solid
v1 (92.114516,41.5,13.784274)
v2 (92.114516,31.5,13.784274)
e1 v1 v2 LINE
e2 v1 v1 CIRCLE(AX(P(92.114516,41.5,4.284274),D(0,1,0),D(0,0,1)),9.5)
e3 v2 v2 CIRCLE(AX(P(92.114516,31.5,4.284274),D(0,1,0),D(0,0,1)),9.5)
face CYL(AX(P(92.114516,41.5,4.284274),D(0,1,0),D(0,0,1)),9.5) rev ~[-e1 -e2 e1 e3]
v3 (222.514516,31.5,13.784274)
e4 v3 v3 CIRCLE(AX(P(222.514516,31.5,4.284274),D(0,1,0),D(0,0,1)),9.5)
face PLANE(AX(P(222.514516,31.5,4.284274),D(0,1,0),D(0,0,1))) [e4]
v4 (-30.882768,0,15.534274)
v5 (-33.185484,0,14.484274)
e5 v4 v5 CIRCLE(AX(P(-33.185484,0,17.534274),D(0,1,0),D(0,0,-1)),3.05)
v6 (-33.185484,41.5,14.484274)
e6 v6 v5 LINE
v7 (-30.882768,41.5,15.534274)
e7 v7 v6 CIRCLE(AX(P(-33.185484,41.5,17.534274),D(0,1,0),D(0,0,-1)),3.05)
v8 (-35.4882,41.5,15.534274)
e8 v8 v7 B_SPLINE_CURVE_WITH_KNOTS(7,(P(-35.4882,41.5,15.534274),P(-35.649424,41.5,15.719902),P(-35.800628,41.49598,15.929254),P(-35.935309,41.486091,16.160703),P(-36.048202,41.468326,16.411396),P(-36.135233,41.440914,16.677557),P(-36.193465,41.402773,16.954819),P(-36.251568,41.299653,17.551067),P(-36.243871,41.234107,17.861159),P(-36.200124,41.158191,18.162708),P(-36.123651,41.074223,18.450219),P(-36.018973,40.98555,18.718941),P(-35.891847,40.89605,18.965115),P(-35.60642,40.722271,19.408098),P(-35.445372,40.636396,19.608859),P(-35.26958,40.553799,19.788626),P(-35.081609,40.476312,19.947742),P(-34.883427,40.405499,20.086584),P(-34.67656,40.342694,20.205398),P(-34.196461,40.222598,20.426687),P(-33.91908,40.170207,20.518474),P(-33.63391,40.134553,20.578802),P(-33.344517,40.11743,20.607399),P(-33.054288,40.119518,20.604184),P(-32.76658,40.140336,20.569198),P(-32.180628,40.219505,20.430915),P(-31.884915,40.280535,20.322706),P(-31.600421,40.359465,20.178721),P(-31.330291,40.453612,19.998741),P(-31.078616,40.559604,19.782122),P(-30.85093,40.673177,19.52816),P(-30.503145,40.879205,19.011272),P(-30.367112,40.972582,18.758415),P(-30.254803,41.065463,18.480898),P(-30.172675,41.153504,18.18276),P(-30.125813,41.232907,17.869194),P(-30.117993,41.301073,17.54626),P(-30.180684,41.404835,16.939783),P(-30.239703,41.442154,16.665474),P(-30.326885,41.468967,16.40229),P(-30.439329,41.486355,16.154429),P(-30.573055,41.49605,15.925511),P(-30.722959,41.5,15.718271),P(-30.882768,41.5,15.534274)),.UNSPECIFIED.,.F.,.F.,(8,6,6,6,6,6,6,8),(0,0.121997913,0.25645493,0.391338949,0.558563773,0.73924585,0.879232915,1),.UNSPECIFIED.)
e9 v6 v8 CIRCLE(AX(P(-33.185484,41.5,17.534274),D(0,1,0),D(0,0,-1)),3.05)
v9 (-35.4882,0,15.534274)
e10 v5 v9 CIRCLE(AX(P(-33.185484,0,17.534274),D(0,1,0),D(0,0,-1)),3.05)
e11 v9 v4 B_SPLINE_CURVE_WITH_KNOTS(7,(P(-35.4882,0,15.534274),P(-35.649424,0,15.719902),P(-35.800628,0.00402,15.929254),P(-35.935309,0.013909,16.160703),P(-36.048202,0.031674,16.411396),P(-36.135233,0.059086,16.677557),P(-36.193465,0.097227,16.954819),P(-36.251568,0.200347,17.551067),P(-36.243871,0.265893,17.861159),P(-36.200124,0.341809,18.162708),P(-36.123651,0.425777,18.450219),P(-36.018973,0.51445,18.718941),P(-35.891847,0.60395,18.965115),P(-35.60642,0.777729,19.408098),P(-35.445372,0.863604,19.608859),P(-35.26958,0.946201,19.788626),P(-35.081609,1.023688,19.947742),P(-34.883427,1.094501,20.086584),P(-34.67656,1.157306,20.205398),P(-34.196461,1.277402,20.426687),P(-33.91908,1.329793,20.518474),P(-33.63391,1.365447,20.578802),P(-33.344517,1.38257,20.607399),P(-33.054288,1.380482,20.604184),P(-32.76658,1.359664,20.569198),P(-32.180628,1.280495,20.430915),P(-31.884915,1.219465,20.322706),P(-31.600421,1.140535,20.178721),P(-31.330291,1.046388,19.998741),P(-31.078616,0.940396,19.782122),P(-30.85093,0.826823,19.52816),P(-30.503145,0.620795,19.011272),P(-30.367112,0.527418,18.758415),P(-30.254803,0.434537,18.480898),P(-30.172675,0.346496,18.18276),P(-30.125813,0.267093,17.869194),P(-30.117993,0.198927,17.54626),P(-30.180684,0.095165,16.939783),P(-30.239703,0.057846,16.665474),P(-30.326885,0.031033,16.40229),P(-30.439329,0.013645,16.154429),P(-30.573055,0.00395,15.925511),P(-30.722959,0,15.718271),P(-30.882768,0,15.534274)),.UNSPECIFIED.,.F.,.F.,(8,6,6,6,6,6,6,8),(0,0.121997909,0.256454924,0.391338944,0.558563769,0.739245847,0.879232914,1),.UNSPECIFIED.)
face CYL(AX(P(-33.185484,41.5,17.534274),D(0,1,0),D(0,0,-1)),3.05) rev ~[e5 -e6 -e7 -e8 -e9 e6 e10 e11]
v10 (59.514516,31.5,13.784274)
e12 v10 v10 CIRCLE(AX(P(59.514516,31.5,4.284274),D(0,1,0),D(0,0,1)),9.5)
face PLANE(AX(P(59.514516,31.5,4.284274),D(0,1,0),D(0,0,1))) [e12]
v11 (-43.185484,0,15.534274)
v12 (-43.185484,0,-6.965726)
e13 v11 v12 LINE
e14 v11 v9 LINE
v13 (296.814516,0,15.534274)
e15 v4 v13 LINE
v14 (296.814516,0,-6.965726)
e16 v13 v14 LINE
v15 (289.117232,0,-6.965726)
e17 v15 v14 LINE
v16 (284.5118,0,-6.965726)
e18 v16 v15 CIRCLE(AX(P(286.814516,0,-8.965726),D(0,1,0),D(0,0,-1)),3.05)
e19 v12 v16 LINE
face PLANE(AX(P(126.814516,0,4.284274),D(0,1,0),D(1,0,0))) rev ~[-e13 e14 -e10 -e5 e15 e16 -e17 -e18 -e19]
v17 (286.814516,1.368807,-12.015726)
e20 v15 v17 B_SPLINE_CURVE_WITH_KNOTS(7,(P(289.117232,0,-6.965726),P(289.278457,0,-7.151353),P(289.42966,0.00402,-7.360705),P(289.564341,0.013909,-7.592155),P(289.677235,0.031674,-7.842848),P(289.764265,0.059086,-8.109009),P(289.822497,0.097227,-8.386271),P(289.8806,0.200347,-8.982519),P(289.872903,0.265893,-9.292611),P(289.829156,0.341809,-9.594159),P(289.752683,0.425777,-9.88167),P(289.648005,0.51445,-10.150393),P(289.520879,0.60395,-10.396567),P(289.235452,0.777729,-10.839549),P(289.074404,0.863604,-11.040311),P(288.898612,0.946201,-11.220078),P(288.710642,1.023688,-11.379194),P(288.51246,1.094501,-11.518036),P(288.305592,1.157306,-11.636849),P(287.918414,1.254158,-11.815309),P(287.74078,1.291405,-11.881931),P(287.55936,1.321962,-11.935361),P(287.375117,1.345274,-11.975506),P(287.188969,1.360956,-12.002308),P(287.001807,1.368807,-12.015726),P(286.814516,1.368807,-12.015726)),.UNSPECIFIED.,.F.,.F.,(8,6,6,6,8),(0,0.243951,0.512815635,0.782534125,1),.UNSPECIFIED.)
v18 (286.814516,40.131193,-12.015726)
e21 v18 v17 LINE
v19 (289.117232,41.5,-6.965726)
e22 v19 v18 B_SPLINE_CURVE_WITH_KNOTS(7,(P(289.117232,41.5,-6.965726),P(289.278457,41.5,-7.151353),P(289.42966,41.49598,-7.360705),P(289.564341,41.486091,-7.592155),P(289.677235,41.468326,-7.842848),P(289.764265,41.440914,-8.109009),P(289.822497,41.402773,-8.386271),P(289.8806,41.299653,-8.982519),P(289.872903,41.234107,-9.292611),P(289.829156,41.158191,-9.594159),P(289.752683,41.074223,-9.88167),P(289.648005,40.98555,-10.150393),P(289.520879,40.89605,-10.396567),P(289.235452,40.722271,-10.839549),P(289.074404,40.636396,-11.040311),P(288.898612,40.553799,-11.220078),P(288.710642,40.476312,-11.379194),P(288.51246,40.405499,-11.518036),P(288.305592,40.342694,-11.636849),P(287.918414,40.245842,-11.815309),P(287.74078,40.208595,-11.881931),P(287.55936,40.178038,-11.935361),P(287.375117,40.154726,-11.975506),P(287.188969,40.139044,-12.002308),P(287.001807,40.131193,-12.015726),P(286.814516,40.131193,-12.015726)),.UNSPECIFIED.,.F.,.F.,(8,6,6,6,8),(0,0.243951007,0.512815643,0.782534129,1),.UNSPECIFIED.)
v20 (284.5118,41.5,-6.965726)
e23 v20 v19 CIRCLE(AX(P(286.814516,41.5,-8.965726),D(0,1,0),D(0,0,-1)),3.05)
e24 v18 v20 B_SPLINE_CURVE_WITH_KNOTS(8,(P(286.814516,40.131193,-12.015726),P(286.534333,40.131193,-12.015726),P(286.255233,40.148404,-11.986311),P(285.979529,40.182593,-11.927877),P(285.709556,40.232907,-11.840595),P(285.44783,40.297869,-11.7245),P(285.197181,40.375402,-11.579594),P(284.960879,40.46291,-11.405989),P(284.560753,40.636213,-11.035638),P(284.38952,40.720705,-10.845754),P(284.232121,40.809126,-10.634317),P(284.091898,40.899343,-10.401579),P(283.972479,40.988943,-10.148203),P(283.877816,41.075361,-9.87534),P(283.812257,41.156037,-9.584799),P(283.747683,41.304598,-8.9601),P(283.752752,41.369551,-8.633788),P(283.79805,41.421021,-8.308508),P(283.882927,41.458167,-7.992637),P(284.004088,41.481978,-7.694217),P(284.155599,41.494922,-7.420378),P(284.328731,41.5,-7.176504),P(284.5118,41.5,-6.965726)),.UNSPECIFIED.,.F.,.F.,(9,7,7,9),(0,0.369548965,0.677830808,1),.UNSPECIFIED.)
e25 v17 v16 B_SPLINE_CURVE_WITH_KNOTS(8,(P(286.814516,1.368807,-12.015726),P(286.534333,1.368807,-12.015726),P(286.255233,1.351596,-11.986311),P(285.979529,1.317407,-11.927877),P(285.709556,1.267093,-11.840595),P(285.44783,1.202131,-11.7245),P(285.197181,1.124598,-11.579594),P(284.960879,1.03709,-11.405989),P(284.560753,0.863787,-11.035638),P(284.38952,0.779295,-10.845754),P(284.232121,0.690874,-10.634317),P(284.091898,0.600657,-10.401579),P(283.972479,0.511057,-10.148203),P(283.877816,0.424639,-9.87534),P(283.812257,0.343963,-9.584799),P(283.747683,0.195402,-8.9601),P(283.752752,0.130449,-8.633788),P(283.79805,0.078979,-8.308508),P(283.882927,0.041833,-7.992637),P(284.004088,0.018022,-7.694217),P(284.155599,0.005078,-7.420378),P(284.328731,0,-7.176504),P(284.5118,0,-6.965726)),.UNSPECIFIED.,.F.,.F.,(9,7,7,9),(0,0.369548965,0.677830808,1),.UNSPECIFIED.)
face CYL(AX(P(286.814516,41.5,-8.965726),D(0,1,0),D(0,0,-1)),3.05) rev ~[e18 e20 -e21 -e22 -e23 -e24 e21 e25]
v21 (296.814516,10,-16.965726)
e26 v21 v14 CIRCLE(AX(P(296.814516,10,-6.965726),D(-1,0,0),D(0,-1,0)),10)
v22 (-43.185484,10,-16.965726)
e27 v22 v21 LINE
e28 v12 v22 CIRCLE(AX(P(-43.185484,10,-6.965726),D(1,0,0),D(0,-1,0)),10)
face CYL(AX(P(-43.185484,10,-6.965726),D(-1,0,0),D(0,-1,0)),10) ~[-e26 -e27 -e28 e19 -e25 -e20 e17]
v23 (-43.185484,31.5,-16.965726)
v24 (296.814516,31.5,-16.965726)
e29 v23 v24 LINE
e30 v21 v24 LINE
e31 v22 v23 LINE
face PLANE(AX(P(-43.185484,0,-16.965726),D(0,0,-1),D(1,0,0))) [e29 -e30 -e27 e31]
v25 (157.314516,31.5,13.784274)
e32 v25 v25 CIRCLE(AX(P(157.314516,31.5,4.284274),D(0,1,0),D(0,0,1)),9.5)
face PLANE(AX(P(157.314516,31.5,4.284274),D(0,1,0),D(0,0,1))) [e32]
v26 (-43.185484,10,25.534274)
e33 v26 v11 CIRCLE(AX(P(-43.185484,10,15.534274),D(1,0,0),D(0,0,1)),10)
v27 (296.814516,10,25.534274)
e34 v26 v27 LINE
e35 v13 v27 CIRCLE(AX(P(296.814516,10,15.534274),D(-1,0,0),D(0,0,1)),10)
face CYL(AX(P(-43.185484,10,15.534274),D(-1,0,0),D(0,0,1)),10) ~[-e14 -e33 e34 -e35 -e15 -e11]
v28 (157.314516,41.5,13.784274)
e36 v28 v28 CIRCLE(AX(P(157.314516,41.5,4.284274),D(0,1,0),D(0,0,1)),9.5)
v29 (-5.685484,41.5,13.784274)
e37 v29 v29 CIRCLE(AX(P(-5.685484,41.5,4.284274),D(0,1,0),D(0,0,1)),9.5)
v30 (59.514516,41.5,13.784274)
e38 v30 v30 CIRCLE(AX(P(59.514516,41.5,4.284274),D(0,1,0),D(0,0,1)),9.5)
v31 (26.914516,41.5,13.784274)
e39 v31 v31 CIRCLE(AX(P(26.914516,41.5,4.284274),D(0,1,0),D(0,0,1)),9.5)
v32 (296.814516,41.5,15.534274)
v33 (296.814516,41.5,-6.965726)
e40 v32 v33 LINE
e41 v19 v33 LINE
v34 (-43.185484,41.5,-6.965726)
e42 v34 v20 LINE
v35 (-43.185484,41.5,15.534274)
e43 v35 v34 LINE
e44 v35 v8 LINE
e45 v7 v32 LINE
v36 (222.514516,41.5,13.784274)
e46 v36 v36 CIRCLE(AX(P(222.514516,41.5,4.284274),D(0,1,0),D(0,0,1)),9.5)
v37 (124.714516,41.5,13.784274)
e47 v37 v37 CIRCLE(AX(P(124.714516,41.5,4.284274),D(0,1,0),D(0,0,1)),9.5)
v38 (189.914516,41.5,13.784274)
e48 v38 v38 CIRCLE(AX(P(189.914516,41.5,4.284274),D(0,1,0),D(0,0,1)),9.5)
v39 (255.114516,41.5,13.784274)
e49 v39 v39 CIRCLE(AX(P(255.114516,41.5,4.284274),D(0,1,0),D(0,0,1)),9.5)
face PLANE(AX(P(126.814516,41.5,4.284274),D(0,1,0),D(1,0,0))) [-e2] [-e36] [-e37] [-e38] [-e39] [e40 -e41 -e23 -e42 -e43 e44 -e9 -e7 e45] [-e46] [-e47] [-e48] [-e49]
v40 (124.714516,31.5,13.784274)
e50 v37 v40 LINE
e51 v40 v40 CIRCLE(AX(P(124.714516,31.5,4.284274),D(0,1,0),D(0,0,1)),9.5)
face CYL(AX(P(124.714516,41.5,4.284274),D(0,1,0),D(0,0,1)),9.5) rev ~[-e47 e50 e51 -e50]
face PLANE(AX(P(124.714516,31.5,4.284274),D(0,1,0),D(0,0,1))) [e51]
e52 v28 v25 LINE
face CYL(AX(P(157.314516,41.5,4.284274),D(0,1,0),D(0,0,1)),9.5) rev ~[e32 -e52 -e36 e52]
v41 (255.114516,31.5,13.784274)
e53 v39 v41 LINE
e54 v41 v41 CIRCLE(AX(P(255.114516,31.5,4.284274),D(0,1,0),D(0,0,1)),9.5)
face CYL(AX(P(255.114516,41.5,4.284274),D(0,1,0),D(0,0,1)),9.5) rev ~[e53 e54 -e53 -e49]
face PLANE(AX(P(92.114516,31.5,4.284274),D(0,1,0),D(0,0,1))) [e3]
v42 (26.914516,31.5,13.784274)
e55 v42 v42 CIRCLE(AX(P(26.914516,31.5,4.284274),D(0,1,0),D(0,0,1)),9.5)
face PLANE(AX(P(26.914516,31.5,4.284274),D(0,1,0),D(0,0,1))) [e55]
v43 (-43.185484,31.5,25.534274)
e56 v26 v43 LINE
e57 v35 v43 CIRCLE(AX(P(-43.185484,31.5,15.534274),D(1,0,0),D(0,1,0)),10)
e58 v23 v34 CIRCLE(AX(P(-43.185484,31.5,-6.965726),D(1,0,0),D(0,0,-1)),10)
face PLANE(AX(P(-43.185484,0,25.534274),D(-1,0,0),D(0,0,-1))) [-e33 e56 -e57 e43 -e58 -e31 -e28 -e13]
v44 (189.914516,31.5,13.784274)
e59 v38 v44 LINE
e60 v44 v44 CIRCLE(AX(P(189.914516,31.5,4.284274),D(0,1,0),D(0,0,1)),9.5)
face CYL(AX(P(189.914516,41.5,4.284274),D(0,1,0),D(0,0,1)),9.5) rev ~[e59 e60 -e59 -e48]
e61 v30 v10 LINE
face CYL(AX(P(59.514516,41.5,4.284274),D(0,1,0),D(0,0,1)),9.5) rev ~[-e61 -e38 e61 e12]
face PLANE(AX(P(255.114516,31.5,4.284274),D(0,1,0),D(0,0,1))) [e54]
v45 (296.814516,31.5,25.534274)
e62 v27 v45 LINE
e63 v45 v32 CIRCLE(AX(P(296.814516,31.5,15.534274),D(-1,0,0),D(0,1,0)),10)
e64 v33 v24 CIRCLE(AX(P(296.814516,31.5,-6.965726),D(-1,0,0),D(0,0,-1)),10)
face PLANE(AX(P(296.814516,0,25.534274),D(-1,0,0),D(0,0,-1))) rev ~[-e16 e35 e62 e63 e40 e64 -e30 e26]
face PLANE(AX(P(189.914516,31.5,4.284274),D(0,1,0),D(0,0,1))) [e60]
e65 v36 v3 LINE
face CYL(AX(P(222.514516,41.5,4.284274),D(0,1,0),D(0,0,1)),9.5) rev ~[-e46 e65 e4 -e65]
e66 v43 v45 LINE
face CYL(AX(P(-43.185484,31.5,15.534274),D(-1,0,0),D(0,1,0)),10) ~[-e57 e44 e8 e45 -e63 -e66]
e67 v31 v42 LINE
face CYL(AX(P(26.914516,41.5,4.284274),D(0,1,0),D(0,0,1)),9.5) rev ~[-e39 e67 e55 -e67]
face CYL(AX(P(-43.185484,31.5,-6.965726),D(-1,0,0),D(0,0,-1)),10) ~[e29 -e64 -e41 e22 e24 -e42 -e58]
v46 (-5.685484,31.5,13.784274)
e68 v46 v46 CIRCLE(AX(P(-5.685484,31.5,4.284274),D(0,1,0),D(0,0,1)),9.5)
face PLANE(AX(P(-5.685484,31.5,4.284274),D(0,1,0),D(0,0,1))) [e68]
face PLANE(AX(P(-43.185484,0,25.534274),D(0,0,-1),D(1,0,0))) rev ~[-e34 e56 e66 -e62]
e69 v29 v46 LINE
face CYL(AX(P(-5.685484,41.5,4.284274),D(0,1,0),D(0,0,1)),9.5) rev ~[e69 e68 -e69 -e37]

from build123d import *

# Parameters (mm, degrees)
SKETCH1_W           = 340
SKETCH1_H           = 42.5
BOSS_EXTRUDE1_DEPTH = 41.5
SKETCH2_R           = 9.5
CUT_EXTRUDE1_DEPTH  = 10
SKETCH4_R           = 3.05
CUT_EXTRUDE3_DEPTH  = 301.787476707
CUT_EXTRUDE4_DEPTH  = 344.473796902


with BuildPart() as part:
    # Sketch1 → Boss-Extrude1 (new body)
    with BuildSketch(Plane(origin=(0, 0, 0), x_dir=(1, 0, 0), z_dir=(0, 1, 0))):
        with Locations((126.814516129, -4.284274194)):
            Rectangle(SKETCH1_W, SKETCH1_H)
    extrude(amount=BOSS_EXTRUDE1_DEPTH)

    # Sketch2 → Cut-Extrude1 (cut)
    with BuildSketch(Plane(origin=(0, 41.5, 0), x_dir=(1, 0, 0), z_dir=(0, 1, 0))):
        with Locations(Location((-5.685483871, -4.284274194, 0), (0, 0, 270))):
            Circle(SKETCH2_R)
        with Locations(Location((26.914516129, -4.284274194, 0), (0, 0, 270))):
            Circle(SKETCH2_R)
        with Locations(Location((59.514516129, -4.284274194, 0), (0, 0, 270))):
            Circle(SKETCH2_R)
        with Locations(Location((92.114516129, -4.284274194, 0), (0, 0, 270))):
            Circle(SKETCH2_R)
        with Locations(Location((124.714516129, -4.284274194, 0), (0, 0, 270))):
            Circle(SKETCH2_R)
        with Locations(Location((157.314516129, -4.284274194, 0), (0, 0, 270))):
            Circle(SKETCH2_R)
        with Locations(Location((189.914516129, -4.284274194, 0), (0, 0, 270))):
            Circle(SKETCH2_R)
        with Locations(Location((222.514516129, -4.284274194, 0), (0, 0, 270))):
            Circle(SKETCH2_R)
        with Locations(Location((255.114516129, -4.284274194, 0), (0, 0, 270))):
            Circle(SKETCH2_R)
    extrude(amount=-CUT_EXTRUDE1_DEPTH, mode=Mode.SUBTRACT)

    # Sketch4 → Cut-Extrude3 (cut, through all)
    with BuildSketch(Plane(origin=(0, 41.5, 0), x_dir=(1, 0, 0), z_dir=(0, 1, 0))):
        with Locations(Location((286.814516129, 8.965725806, 0), (0, 0, 90))):
            Circle(SKETCH4_R)
        with Locations(Location((-33.185483871, -17.534274194, 0), (0, 0, 90))):
            Circle(SKETCH4_R)
    extrude(amount=-CUT_EXTRUDE3_DEPTH, mode=Mode.SUBTRACT)

    # Sketch3 → Cut-Extrude4 (cut, through all)
    with BuildSketch(Plane.ZY.offset(43.185483871)):
        with BuildLine():
            Line((-6.965725806, 41.5), (-16.965725806, 41.5))
            Line((-16.965725806, 41.5), (-16.965725806, 31.5))
            ThreePointArc((-16.965725806, 31.5), (-14.036793618, 38.571067812), (-6.965725806, 41.5))
        make_face()
        with BuildLine():
            ThreePointArc((-6.965725806, 0), (-14.036793618, 2.928932188), (-16.965725806, 10))
            Line((-16.965725806, 10), (-16.965725806, 0))
            Line((-16.965725806, 0), (-6.965725806, 0))
        make_face()
        with BuildLine():
            Line((25.534274194, 0), (25.534274194, 10))
            ThreePointArc((25.534274194, 10), (22.605342005, 2.928932188), (15.534274194, 0))
            Line((15.534274194, 0), (25.534274194, 0))
        make_face()
        with BuildLine():
            Line((25.534274194, 41.5), (15.534274194, 41.5))
            ThreePointArc((15.534274194, 41.5), (22.605342005, 38.571067812), (25.534274194, 31.5))
            Line((25.534274194, 31.5), (25.534274194, 41.5))
        make_face()
    extrude(amount=-CUT_EXTRUDE4_DEPTH, mode=Mode.SUBTRACT)


solid = part.part
